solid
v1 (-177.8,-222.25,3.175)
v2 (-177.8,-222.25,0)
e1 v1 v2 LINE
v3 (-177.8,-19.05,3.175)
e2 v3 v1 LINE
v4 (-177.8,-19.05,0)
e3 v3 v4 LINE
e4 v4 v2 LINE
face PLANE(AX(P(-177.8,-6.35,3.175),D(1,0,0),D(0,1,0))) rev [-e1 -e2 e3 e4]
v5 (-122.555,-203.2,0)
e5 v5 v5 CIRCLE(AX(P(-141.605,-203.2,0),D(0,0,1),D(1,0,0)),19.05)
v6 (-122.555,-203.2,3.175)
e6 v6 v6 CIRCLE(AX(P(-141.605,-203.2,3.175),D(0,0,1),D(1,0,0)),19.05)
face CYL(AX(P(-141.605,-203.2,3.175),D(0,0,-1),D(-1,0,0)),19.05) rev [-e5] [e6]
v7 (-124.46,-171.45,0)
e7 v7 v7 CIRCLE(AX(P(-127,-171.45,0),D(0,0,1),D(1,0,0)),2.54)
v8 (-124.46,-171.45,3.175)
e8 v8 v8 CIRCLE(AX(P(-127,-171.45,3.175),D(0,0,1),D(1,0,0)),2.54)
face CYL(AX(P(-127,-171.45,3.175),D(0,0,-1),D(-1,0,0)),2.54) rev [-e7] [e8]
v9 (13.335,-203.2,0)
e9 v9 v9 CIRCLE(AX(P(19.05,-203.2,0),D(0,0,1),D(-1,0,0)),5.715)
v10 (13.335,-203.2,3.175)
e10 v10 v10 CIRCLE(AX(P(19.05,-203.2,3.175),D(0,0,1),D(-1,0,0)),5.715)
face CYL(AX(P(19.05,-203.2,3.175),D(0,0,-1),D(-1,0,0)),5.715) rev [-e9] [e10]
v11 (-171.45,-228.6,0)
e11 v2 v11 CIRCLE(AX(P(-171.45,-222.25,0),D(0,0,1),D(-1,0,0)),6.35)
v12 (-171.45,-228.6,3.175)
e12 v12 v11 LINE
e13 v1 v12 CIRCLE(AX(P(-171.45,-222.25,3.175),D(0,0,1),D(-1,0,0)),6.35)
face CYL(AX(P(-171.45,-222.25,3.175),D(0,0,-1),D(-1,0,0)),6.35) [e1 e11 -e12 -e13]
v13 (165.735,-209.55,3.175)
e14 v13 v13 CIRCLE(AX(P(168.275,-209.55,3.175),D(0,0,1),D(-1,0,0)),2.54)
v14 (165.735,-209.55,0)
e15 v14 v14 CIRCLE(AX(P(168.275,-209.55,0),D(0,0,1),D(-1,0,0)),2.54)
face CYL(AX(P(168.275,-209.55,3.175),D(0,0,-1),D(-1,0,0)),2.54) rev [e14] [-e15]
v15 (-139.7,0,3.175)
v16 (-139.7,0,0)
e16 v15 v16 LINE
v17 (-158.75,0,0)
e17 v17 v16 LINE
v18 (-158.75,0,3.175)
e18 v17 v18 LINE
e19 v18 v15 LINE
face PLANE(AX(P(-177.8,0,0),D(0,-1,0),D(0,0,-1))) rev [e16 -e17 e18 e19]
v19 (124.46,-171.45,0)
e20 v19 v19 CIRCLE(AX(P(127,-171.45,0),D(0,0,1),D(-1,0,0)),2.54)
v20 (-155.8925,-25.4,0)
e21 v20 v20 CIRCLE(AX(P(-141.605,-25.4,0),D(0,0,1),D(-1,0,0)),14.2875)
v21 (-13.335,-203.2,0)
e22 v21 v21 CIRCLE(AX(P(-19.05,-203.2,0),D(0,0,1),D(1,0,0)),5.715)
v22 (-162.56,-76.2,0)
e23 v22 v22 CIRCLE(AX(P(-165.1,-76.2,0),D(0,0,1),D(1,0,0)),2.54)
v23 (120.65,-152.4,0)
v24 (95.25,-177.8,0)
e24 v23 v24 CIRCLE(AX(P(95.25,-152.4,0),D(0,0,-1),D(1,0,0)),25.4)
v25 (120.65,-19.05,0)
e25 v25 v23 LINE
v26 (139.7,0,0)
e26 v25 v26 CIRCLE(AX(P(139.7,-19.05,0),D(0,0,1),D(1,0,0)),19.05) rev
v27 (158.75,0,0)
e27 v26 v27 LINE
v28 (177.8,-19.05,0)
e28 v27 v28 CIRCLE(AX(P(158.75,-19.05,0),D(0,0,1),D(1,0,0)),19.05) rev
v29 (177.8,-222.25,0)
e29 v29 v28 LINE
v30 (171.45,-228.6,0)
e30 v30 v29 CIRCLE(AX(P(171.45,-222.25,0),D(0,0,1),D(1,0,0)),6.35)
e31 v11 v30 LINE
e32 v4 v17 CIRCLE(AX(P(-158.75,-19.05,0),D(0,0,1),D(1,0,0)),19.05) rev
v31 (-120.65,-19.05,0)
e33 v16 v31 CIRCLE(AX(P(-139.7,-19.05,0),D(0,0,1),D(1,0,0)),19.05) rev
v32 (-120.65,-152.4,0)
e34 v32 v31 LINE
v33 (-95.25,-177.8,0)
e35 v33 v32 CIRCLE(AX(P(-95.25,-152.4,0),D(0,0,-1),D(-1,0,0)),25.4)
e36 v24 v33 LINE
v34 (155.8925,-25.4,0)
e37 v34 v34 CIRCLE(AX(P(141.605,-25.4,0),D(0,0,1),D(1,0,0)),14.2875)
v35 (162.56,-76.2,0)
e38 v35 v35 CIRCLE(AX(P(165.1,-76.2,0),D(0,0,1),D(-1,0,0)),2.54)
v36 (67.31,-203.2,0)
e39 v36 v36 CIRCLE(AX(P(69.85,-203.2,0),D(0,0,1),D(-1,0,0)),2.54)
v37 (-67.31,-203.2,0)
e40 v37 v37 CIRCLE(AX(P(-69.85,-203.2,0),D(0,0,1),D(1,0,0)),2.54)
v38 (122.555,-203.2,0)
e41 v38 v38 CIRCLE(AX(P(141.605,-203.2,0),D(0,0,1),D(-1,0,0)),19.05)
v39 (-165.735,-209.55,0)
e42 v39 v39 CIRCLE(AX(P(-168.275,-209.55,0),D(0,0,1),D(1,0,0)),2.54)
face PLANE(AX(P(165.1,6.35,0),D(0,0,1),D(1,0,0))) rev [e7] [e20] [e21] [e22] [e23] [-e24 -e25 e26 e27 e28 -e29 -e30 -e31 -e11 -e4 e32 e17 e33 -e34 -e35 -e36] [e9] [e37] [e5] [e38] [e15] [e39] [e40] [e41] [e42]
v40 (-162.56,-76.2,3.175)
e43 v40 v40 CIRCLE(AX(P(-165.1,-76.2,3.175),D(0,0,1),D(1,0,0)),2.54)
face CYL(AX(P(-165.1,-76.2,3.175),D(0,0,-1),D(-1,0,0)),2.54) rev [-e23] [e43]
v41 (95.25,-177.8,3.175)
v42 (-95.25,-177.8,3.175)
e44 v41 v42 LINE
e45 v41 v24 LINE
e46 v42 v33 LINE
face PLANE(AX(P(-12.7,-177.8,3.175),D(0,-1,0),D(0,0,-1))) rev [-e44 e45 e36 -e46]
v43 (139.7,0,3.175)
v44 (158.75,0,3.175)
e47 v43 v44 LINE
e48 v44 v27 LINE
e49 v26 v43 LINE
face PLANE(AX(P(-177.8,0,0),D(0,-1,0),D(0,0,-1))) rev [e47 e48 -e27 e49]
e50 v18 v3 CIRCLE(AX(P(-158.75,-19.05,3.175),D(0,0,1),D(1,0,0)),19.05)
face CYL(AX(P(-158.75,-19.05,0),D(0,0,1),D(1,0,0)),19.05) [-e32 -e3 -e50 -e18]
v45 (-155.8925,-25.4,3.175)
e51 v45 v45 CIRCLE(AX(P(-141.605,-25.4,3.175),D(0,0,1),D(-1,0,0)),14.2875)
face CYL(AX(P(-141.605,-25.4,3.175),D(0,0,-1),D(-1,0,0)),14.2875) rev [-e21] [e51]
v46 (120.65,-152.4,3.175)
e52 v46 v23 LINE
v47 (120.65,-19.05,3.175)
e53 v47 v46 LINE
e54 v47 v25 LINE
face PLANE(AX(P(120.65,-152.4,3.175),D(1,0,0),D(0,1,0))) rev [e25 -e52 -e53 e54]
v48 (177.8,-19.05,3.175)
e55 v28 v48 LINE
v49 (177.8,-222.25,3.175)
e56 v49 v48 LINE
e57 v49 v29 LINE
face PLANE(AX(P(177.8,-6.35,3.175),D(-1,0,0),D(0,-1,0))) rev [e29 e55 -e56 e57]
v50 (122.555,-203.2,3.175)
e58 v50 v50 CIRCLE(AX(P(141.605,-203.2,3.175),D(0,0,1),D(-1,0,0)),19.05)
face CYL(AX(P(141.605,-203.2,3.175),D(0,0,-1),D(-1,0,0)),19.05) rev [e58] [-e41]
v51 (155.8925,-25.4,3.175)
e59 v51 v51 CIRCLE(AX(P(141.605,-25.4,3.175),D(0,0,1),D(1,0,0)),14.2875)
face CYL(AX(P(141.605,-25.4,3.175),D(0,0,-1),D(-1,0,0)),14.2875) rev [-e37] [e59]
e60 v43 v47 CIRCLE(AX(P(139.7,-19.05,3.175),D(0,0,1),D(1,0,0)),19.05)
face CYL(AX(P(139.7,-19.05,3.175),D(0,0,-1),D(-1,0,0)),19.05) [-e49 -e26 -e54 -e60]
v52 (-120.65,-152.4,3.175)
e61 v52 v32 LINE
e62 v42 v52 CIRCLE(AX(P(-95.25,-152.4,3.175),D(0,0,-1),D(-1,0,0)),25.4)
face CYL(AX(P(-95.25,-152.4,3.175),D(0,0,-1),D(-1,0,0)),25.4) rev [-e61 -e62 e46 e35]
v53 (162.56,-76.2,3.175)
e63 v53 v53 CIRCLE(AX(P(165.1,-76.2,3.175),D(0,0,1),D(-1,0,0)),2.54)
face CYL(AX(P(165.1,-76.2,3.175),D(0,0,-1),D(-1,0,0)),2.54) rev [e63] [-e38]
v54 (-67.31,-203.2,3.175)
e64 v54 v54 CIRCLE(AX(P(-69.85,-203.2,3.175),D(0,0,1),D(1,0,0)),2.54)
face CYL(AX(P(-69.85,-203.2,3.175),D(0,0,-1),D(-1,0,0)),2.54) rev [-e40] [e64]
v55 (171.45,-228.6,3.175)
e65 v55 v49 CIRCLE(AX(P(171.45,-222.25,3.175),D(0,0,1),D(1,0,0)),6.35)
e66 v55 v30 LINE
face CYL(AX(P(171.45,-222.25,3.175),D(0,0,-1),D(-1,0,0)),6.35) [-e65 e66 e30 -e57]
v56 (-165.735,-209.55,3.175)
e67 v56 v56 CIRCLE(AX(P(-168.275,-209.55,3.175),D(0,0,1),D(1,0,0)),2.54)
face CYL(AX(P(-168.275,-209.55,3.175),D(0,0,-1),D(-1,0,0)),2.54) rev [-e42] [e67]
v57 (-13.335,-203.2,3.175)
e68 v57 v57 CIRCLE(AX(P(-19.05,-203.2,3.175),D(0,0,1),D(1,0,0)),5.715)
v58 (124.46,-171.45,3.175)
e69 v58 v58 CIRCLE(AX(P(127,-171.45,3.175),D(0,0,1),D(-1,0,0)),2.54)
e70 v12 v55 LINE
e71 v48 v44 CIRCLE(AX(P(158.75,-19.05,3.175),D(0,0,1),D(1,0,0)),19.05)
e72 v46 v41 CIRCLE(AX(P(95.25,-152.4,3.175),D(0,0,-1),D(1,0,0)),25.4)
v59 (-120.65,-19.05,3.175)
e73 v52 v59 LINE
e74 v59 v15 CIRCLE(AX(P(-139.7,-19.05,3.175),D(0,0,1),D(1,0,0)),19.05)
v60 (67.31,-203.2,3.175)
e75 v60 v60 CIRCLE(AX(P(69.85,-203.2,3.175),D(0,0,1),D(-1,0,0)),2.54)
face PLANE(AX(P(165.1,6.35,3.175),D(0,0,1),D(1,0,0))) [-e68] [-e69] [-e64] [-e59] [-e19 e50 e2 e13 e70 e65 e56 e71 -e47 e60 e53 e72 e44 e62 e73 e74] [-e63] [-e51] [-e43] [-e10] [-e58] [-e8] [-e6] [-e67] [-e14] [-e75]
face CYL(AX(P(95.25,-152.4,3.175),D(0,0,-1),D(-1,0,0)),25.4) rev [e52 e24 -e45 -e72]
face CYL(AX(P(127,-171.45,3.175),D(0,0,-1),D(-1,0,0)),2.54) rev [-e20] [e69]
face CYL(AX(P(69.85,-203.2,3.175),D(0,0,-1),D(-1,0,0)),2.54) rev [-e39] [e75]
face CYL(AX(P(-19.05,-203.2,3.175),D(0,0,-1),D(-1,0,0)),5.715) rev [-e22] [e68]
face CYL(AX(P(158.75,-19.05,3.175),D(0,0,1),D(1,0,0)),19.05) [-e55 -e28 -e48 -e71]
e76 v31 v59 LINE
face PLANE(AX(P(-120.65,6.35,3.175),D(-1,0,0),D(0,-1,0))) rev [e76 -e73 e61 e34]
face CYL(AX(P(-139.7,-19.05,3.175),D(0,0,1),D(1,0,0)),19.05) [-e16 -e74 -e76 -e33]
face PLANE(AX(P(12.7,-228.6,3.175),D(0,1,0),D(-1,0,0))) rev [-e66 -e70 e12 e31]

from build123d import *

# Parameters (mm, degrees)
SKETCH1_R           = 14.2875
SKETCH1_R_2         = 19.05
SKETCH1_R_3         = 2.54
SKETCH1_R_4         = 5.715
BOSS_EXTRUDE3_DEPTH = 3.175
SKETCH2_W           = 355.6
SKETCH2_H           = 19.05
CUT_EXTRUDE1_DEPTH  = 290.621961572
FILLET1_R           = 19.05


with BuildPart() as part:
    # Sketch1 → Boss-Extrude3 (new body)
    with BuildSketch(Plane.XY):
        with BuildLine():
            Line((120.65, -152.4), (120.65, -6.35))
            Line((120.65, -6.35), (120.65, 6.35))
            ThreePointArc((120.65, 6.35), (124.369743879, 15.330256121), (133.35, 19.05))
            Line((133.35, 19.05), (165.1, 19.05))
            ThreePointArc((165.1, 19.05), (174.080256121, 15.330256121), (177.8, 6.35))
            Line((177.8, 6.35), (177.8, -6.35))
            Line((177.8, -6.35), (177.8, -222.25))
            ThreePointArc((177.8, -222.25), (175.940128061, -226.740128061), (171.45, -228.6))
            Line((171.45, -228.6), (12.7, -228.6))
            Line((12.7, -228.6), (-12.7, -228.6))
            Line((-12.7, -228.6), (-171.45, -228.6))
            ThreePointArc((-171.45, -228.6), (-175.940128061, -226.740128061), (-177.8, -222.25))
            Line((-177.8, -222.25), (-177.8, -6.35))
            Line((-177.8, -6.35), (-177.8, 6.35))
            ThreePointArc((-177.8, 6.35), (-174.080256121, 15.330256121), (-165.1, 19.05))
            Line((-165.1, 19.05), (-133.35, 19.05))
            ThreePointArc((-133.35, 19.05), (-124.369743879, 15.330256121), (-120.65, 6.35))
            Line((-120.65, 6.35), (-120.65, -6.35))
            Line((-120.65, -6.35), (-120.65, -152.4))
            ThreePointArc((-120.65, -152.4), (-113.210512242, -170.360512242), (-95.25, -177.8))
            Line((-95.25, -177.8), (-12.7, -177.8))
            Line((-12.7, -177.8), (12.7, -177.8))
            Line((12.7, -177.8), (95.25, -177.8))
            ThreePointArc((95.25, -177.8), (113.210512242, -170.360512242), (120.65, -152.4))
        make_face()
        with Locations((141.605, -25.4)):
            Circle(SKETCH1_R, mode=Mode.SUBTRACT)
        with Locations(Location((-141.605, -25.4, 0), (0, 0, 180))):
            Circle(SKETCH1_R, mode=Mode.SUBTRACT)
        with Locations((-141.605, -203.2)):
            Circle(SKETCH1_R_2, mode=Mode.SUBTRACT)
        with Locations(Location((141.605, -203.2, 0), (0, 0, 180))):
            Circle(SKETCH1_R_2, mode=Mode.SUBTRACT)
        with Locations((-69.85, -203.2)):
            Circle(SKETCH1_R_3, mode=Mode.SUBTRACT)
        with Locations(Location((69.85, -203.2, 0), (0, 0, 180))):
            Circle(SKETCH1_R_3, mode=Mode.SUBTRACT)
        with Locations((-19.05, -203.2)):
            Circle(SKETCH1_R_4, mode=Mode.SUBTRACT)
        with Locations((-149.225, 6.35)):
            Circle(SKETCH1_R_3, mode=Mode.SUBTRACT)
        with Locations(Location((149.225, 6.35, 0), (0, 0, 180))):
            Circle(SKETCH1_R_3, mode=Mode.SUBTRACT)
        with Locations((-168.275, -209.55)):
            Circle(SKETCH1_R_3, mode=Mode.SUBTRACT)
        with Locations(Location((168.275, -209.55, 0), (0, 0, 180))):
            Circle(SKETCH1_R_3, mode=Mode.SUBTRACT)
        with Locations((-165.1, -76.2)):
            Circle(SKETCH1_R_3, mode=Mode.SUBTRACT)
        with Locations(Location((165.1, -76.2, 0), (0, 0, 180))):
            Circle(SKETCH1_R_3, mode=Mode.SUBTRACT)
        with Locations((-127, -171.45)):
            Circle(SKETCH1_R_3, mode=Mode.SUBTRACT)
        with Locations(Location((127, -171.45, 0), (0, 0, 180))):
            Circle(SKETCH1_R_3, mode=Mode.SUBTRACT)
        with Locations(Location((19.05, -203.2, 0), (0, 0, 180))):
            Circle(SKETCH1_R_4, mode=Mode.SUBTRACT)
    extrude(amount=BOSS_EXTRUDE3_DEPTH)

    # Sketch2 → Cut-Extrude1 (cut, through all)
    with BuildSketch(Plane.XY.offset(3.175)):
        with Locations((0, 9.525)):
            Rectangle(SKETCH2_W, SKETCH2_H)
    extrude(amount=-CUT_EXTRUDE1_DEPTH, mode=Mode.SUBTRACT)

    # Fillet1
    fillet1_edges = [part.edges().sort_by_distance(p)[0] for p in [
        (-177.8, 0, 1.5875),
        (120.65, 0, 1.5875),
        (177.8, 0, 1.5875),
        (-120.65, 0, 1.5875),
    ]]
    fillet(fillet1_edges, radius=FILLET1_R)


solid = part.part
